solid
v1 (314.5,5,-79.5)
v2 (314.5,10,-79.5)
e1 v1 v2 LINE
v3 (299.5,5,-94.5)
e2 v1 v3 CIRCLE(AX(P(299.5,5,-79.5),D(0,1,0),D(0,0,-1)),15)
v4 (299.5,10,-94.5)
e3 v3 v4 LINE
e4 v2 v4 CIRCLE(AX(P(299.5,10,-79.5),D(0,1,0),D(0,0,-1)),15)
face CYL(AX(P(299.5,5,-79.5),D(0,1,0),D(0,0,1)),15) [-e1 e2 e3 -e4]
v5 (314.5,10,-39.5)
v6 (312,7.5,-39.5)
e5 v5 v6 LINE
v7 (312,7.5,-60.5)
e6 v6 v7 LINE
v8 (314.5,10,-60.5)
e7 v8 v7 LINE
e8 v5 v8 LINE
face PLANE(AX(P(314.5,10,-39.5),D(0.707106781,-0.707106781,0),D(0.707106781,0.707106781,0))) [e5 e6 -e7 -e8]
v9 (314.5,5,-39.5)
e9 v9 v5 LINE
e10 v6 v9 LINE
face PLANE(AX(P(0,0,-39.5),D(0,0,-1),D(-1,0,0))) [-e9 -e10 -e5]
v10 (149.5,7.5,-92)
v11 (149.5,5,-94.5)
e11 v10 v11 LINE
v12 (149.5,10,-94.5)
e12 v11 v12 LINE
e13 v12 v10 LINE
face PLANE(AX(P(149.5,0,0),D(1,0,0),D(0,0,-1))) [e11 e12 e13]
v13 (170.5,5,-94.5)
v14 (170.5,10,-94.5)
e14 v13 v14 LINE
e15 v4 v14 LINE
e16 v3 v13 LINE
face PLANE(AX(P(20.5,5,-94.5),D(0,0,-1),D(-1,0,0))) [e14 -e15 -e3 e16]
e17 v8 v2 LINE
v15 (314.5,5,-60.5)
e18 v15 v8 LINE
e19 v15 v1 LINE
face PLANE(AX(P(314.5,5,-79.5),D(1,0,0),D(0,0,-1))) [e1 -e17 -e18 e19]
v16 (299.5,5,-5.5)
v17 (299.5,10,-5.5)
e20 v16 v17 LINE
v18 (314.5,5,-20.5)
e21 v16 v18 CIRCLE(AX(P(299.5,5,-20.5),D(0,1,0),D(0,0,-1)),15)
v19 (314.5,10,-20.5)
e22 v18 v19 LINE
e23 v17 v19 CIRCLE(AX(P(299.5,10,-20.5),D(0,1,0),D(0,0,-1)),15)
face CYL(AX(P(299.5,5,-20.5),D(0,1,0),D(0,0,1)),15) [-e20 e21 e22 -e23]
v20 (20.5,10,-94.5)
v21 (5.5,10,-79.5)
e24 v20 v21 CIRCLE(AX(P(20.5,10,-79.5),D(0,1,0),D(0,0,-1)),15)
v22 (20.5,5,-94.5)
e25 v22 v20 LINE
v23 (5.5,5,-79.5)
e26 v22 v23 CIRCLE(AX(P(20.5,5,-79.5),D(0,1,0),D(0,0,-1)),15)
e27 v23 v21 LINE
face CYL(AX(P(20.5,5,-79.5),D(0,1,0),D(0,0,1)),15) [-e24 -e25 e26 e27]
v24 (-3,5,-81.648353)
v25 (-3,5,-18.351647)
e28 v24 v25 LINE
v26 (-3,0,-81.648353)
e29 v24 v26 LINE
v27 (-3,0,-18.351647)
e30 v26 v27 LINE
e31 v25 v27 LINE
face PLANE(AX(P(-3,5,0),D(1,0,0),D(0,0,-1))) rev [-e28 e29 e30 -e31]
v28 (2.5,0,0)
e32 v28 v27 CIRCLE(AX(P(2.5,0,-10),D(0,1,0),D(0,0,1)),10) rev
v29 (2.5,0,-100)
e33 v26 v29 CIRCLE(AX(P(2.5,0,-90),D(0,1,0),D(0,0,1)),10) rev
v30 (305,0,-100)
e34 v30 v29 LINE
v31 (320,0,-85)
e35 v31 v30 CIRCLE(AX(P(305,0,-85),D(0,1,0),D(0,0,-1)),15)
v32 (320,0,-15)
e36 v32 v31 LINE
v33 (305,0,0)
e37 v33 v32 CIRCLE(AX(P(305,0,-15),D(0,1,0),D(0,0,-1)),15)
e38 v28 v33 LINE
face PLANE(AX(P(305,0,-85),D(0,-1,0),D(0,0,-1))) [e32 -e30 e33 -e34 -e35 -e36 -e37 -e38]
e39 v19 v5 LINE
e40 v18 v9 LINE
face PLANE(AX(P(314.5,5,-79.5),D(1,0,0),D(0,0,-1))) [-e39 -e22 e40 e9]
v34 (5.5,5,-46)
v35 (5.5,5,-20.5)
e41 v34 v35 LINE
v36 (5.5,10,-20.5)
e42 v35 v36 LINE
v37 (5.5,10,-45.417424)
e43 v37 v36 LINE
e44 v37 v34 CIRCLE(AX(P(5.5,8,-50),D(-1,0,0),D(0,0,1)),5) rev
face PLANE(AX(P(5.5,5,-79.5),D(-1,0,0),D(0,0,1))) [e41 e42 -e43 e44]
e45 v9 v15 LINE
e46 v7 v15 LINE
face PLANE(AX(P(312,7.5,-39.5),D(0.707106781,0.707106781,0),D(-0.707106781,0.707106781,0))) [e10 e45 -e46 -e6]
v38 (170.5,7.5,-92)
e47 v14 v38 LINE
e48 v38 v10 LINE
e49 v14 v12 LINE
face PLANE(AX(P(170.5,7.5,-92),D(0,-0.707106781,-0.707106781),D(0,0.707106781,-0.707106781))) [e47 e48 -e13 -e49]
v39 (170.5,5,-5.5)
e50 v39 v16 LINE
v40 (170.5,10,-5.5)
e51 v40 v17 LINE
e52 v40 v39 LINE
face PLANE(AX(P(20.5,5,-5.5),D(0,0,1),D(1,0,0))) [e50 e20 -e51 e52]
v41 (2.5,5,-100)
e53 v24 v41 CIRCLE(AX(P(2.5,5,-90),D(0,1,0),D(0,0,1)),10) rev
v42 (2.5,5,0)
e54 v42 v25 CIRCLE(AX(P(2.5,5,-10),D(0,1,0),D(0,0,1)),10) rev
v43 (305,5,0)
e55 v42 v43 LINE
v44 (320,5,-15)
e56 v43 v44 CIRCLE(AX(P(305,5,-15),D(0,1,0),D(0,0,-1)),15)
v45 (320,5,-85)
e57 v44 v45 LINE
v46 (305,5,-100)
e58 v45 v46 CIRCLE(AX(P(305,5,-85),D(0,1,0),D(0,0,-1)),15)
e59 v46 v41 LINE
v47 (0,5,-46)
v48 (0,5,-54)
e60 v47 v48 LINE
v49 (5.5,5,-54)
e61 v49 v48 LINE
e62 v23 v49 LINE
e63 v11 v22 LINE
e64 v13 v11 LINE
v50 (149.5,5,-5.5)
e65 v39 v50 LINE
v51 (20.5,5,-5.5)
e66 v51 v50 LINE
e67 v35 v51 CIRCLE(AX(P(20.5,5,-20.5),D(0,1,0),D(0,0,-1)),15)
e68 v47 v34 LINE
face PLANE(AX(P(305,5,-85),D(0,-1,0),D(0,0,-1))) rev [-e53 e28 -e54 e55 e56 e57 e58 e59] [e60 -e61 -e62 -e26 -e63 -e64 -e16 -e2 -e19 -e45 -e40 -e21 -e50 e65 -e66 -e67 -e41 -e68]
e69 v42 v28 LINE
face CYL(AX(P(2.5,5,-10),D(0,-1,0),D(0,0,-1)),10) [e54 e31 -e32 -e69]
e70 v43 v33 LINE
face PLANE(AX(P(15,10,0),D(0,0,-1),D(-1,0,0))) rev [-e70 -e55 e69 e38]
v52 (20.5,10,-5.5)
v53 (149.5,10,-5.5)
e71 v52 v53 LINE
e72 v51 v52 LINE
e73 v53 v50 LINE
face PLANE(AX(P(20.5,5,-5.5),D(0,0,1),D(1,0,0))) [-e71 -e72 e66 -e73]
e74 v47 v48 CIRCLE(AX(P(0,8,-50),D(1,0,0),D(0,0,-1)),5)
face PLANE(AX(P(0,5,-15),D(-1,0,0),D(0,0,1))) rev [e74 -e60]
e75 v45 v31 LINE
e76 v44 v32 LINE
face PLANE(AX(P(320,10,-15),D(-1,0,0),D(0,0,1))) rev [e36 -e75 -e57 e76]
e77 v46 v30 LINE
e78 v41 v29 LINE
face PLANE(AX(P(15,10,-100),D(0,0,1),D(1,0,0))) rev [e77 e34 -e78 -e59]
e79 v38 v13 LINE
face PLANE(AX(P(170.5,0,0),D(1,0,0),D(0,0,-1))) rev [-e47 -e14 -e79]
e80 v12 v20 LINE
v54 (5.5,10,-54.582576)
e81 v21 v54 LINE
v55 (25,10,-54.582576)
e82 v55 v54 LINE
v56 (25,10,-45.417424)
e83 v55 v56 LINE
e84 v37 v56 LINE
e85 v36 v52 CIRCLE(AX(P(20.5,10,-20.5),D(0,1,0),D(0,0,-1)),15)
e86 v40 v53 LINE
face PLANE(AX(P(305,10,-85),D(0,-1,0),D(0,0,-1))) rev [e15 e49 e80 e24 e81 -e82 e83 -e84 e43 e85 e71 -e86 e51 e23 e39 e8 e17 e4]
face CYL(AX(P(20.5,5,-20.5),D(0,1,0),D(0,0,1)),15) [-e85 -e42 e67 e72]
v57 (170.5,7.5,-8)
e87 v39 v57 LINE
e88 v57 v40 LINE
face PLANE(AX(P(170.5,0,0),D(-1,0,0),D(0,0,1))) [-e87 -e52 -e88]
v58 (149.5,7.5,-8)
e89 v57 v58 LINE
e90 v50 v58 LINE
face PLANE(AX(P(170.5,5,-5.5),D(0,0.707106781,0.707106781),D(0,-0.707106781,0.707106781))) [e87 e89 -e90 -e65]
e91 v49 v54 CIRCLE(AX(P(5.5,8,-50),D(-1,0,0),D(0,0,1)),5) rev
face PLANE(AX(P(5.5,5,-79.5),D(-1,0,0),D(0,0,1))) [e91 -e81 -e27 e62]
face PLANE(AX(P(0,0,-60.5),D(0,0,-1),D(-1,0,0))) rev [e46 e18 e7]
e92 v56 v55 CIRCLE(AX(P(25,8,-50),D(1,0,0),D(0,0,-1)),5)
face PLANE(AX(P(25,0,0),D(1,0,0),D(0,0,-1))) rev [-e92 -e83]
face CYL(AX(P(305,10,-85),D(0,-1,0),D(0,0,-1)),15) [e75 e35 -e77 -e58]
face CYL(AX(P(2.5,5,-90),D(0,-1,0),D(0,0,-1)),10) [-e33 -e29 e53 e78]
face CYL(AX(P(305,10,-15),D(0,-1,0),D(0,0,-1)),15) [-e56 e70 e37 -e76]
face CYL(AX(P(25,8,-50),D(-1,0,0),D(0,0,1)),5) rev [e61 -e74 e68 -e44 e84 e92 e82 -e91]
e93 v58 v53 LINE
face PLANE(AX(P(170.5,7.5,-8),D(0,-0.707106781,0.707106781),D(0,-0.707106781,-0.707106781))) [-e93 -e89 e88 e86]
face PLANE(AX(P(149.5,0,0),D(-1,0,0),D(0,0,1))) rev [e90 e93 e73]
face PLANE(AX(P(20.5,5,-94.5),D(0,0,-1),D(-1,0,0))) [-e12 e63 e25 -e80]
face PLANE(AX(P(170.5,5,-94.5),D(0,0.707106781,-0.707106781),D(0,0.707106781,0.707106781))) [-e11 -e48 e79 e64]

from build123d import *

# Parameters (mm, degrees)
BOSS_EXTRUDE1_DEPTH     = 10
CUT_EXTRUDE7_START      = -5
CUT_EXTRUDE7_DEPTH      = 5
CUT_EXTRUDE8_DEPTH      = 10.5
CUT_EXTRUDE8_DEPTH_BACK = 10.5
CUT_EXTRUDE9_DEPTH      = 10.5
CUT_EXTRUDE9_DEPTH_BACK = 10.5
SKETCH14_R              = 5
CUT_EXTRUDE10_DEPTH     = 25
BOSS_EXTRUDE2_DEPTH     = 5
CUT_EXTRUDE12_DEPTH     = 5


with BuildPart() as part:
    # Sketch8 → Boss-Extrude1 (new body)
    with BuildSketch(Plane(origin=(0, 0, 0), x_dir=(1, 0, 0), z_dir=(0, 1, 0))):
        with BuildLine():
            Line((15, 0), (305, 0))
            ThreePointArc((305, 0), (315.606601718, 4.393398282), (320, 15))
            Line((320, 15), (320, 85))
            ThreePointArc((320, 85), (315.606601718, 95.606601718), (305, 100))
            Line((305, 100), (15, 100))
            ThreePointArc((15, 100), (4.393398282, 95.606601718), (0, 85))
            Line((0, 85), (0, 15))
            ThreePointArc((0, 15), (4.393398282, 4.393398282), (15, 0))
        make_face()
    extrude(amount=BOSS_EXTRUDE1_DEPTH)

    # Sketch9 → Cut-Extrude7 (cut)
    with BuildSketch(Plane(origin=(0, 10, 0), x_dir=(1, 0, 0), z_dir=(0, 1, 0)).offset(CUT_EXTRUDE7_START)):
        with BuildLine():
            Line((15, 0), (305, 0))
            ThreePointArc((305, 0), (315.606601718, 4.393398282), (320, 15))
            Line((320, 15), (320, 85))
            ThreePointArc((320, 85), (315.606601718, 95.606601718), (305, 100))
            Line((305, 100), (15, 100))
            ThreePointArc((15, 100), (4.393398282, 95.606601718), (0, 85))
            Line((0, 85), (0, 15))
            ThreePointArc((0, 15), (4.393398282, 4.393398282), (15, 0))
        make_face()
        with BuildLine():
            Line((20.5, 94.5), (299.5, 94.5))
            ThreePointArc((299.5, 94.5), (310.106601718, 90.106601718), (314.5, 79.5))
            Line((314.5, 79.5), (314.5, 20.5))
            ThreePointArc((314.5, 20.5), (310.106601718, 9.893398282), (299.5, 5.5))
            Line((299.5, 5.5), (20.5, 5.5))
            ThreePointArc((20.5, 5.5), (9.893398282, 9.893398282), (5.5, 20.5))
            Line((5.5, 20.5), (5.5, 79.5))
            ThreePointArc((5.5, 79.5), (9.893398282, 90.106601718), (20.5, 94.5))
        make_face(mode=Mode.SUBTRACT)
    extrude(amount=CUT_EXTRUDE7_DEPTH, mode=Mode.SUBTRACT)

    # Sketch11 → Cut-Extrude8 (cut, two sides: drawn at the far end of the back side and taken through both)
    with BuildSketch(Plane(origin=(160, 0, 0), x_dir=(0, 0, -1), z_dir=(1, 0, 0)).offset(-CUT_EXTRUDE8_DEPTH_BACK)):
        Polygon((5.5, 10), (5.5, 5), (8, 7.5), align=None)
        Polygon((94.5, 10), (94.5, 5), (92, 7.5), align=None)
    extrude(amount=CUT_EXTRUDE8_DEPTH + CUT_EXTRUDE8_DEPTH_BACK, mode=Mode.SUBTRACT)

    # Sketch13 → Cut-Extrude9 (cut, two sides: drawn at the far end of the back side and taken through both)
    with BuildSketch(Plane.XY.offset(-50).offset(-CUT_EXTRUDE9_DEPTH_BACK)):
        Polygon((314.5, 5), (314.5, 10), (312, 7.5), align=None)
    extrude(amount=CUT_EXTRUDE9_DEPTH + CUT_EXTRUDE9_DEPTH_BACK, mode=Mode.SUBTRACT)

    # Sketch14 → Cut-Extrude10 (cut)
    with BuildSketch(Plane(origin=(0, 0, 0), x_dir=(0, 0, -1), z_dir=(1, 0, 0))):
        with Locations((50, 8)):
            Circle(SKETCH14_R)
    extrude(amount=CUT_EXTRUDE10_DEPTH, mode=Mode.SUBTRACT)

    # Sketch15 → Boss-Extrude2 (add)
    with BuildSketch(Plane(origin=(0, 0, 0), x_dir=(1, 0, 0), z_dir=(0, 1, 0))):
        with BuildLine():
            Line((-7.5, 100), (-7.5, 0))
            Line((-7.5, 0), (15, 0))
            ThreePointArc((15, 0), (4.393398282, 4.393398282), (0, 15))
            Line((0, 15), (0, 85))
            ThreePointArc((0, 85), (4.393398282, 95.606601718), (15, 100))
            Line((15, 100), (-7.5, 100))
        make_face()
    extrude(amount=BOSS_EXTRUDE2_DEPTH)

    # Sketch16 → Cut-Extrude12 (cut)
    with BuildSketch(Plane(origin=(0, 0, 0), x_dir=(1, 0, 0), z_dir=(0, 1, 0))):
        with BuildLine():
            Line((2.5, 0), (-7.5, 0))
            Line((-7.5, 0), (-7.5, 10))
            ThreePointArc((-7.5, 10), (-4.571067812, 2.928932188), (2.5, 0))
        make_face()
        with BuildLine():
            ThreePointArc((-3, 81.648353456), (-6.303408431, 85.25658351), (-7.5, 90))
            Line((-7.5, 90), (-7.5, 10))
            ThreePointArc((-7.5, 10), (-6.303408431, 14.74341649), (-3, 18.351646544))
            Line((-3, 18.351646544), (-3, 50))
            Line((-3, 50), (-3, 81.648353456))
        make_face()
        with BuildLine():
            Line((-7.5, 90), (-7.5, 100))
            Line((-7.5, 100), (2.5, 100))
            ThreePointArc((2.5, 100), (-4.571067812, 97.071067812), (-7.5, 90))
        make_face()
    extrude(amount=CUT_EXTRUDE12_DEPTH, mode=Mode.SUBTRACT)


solid = part.part
